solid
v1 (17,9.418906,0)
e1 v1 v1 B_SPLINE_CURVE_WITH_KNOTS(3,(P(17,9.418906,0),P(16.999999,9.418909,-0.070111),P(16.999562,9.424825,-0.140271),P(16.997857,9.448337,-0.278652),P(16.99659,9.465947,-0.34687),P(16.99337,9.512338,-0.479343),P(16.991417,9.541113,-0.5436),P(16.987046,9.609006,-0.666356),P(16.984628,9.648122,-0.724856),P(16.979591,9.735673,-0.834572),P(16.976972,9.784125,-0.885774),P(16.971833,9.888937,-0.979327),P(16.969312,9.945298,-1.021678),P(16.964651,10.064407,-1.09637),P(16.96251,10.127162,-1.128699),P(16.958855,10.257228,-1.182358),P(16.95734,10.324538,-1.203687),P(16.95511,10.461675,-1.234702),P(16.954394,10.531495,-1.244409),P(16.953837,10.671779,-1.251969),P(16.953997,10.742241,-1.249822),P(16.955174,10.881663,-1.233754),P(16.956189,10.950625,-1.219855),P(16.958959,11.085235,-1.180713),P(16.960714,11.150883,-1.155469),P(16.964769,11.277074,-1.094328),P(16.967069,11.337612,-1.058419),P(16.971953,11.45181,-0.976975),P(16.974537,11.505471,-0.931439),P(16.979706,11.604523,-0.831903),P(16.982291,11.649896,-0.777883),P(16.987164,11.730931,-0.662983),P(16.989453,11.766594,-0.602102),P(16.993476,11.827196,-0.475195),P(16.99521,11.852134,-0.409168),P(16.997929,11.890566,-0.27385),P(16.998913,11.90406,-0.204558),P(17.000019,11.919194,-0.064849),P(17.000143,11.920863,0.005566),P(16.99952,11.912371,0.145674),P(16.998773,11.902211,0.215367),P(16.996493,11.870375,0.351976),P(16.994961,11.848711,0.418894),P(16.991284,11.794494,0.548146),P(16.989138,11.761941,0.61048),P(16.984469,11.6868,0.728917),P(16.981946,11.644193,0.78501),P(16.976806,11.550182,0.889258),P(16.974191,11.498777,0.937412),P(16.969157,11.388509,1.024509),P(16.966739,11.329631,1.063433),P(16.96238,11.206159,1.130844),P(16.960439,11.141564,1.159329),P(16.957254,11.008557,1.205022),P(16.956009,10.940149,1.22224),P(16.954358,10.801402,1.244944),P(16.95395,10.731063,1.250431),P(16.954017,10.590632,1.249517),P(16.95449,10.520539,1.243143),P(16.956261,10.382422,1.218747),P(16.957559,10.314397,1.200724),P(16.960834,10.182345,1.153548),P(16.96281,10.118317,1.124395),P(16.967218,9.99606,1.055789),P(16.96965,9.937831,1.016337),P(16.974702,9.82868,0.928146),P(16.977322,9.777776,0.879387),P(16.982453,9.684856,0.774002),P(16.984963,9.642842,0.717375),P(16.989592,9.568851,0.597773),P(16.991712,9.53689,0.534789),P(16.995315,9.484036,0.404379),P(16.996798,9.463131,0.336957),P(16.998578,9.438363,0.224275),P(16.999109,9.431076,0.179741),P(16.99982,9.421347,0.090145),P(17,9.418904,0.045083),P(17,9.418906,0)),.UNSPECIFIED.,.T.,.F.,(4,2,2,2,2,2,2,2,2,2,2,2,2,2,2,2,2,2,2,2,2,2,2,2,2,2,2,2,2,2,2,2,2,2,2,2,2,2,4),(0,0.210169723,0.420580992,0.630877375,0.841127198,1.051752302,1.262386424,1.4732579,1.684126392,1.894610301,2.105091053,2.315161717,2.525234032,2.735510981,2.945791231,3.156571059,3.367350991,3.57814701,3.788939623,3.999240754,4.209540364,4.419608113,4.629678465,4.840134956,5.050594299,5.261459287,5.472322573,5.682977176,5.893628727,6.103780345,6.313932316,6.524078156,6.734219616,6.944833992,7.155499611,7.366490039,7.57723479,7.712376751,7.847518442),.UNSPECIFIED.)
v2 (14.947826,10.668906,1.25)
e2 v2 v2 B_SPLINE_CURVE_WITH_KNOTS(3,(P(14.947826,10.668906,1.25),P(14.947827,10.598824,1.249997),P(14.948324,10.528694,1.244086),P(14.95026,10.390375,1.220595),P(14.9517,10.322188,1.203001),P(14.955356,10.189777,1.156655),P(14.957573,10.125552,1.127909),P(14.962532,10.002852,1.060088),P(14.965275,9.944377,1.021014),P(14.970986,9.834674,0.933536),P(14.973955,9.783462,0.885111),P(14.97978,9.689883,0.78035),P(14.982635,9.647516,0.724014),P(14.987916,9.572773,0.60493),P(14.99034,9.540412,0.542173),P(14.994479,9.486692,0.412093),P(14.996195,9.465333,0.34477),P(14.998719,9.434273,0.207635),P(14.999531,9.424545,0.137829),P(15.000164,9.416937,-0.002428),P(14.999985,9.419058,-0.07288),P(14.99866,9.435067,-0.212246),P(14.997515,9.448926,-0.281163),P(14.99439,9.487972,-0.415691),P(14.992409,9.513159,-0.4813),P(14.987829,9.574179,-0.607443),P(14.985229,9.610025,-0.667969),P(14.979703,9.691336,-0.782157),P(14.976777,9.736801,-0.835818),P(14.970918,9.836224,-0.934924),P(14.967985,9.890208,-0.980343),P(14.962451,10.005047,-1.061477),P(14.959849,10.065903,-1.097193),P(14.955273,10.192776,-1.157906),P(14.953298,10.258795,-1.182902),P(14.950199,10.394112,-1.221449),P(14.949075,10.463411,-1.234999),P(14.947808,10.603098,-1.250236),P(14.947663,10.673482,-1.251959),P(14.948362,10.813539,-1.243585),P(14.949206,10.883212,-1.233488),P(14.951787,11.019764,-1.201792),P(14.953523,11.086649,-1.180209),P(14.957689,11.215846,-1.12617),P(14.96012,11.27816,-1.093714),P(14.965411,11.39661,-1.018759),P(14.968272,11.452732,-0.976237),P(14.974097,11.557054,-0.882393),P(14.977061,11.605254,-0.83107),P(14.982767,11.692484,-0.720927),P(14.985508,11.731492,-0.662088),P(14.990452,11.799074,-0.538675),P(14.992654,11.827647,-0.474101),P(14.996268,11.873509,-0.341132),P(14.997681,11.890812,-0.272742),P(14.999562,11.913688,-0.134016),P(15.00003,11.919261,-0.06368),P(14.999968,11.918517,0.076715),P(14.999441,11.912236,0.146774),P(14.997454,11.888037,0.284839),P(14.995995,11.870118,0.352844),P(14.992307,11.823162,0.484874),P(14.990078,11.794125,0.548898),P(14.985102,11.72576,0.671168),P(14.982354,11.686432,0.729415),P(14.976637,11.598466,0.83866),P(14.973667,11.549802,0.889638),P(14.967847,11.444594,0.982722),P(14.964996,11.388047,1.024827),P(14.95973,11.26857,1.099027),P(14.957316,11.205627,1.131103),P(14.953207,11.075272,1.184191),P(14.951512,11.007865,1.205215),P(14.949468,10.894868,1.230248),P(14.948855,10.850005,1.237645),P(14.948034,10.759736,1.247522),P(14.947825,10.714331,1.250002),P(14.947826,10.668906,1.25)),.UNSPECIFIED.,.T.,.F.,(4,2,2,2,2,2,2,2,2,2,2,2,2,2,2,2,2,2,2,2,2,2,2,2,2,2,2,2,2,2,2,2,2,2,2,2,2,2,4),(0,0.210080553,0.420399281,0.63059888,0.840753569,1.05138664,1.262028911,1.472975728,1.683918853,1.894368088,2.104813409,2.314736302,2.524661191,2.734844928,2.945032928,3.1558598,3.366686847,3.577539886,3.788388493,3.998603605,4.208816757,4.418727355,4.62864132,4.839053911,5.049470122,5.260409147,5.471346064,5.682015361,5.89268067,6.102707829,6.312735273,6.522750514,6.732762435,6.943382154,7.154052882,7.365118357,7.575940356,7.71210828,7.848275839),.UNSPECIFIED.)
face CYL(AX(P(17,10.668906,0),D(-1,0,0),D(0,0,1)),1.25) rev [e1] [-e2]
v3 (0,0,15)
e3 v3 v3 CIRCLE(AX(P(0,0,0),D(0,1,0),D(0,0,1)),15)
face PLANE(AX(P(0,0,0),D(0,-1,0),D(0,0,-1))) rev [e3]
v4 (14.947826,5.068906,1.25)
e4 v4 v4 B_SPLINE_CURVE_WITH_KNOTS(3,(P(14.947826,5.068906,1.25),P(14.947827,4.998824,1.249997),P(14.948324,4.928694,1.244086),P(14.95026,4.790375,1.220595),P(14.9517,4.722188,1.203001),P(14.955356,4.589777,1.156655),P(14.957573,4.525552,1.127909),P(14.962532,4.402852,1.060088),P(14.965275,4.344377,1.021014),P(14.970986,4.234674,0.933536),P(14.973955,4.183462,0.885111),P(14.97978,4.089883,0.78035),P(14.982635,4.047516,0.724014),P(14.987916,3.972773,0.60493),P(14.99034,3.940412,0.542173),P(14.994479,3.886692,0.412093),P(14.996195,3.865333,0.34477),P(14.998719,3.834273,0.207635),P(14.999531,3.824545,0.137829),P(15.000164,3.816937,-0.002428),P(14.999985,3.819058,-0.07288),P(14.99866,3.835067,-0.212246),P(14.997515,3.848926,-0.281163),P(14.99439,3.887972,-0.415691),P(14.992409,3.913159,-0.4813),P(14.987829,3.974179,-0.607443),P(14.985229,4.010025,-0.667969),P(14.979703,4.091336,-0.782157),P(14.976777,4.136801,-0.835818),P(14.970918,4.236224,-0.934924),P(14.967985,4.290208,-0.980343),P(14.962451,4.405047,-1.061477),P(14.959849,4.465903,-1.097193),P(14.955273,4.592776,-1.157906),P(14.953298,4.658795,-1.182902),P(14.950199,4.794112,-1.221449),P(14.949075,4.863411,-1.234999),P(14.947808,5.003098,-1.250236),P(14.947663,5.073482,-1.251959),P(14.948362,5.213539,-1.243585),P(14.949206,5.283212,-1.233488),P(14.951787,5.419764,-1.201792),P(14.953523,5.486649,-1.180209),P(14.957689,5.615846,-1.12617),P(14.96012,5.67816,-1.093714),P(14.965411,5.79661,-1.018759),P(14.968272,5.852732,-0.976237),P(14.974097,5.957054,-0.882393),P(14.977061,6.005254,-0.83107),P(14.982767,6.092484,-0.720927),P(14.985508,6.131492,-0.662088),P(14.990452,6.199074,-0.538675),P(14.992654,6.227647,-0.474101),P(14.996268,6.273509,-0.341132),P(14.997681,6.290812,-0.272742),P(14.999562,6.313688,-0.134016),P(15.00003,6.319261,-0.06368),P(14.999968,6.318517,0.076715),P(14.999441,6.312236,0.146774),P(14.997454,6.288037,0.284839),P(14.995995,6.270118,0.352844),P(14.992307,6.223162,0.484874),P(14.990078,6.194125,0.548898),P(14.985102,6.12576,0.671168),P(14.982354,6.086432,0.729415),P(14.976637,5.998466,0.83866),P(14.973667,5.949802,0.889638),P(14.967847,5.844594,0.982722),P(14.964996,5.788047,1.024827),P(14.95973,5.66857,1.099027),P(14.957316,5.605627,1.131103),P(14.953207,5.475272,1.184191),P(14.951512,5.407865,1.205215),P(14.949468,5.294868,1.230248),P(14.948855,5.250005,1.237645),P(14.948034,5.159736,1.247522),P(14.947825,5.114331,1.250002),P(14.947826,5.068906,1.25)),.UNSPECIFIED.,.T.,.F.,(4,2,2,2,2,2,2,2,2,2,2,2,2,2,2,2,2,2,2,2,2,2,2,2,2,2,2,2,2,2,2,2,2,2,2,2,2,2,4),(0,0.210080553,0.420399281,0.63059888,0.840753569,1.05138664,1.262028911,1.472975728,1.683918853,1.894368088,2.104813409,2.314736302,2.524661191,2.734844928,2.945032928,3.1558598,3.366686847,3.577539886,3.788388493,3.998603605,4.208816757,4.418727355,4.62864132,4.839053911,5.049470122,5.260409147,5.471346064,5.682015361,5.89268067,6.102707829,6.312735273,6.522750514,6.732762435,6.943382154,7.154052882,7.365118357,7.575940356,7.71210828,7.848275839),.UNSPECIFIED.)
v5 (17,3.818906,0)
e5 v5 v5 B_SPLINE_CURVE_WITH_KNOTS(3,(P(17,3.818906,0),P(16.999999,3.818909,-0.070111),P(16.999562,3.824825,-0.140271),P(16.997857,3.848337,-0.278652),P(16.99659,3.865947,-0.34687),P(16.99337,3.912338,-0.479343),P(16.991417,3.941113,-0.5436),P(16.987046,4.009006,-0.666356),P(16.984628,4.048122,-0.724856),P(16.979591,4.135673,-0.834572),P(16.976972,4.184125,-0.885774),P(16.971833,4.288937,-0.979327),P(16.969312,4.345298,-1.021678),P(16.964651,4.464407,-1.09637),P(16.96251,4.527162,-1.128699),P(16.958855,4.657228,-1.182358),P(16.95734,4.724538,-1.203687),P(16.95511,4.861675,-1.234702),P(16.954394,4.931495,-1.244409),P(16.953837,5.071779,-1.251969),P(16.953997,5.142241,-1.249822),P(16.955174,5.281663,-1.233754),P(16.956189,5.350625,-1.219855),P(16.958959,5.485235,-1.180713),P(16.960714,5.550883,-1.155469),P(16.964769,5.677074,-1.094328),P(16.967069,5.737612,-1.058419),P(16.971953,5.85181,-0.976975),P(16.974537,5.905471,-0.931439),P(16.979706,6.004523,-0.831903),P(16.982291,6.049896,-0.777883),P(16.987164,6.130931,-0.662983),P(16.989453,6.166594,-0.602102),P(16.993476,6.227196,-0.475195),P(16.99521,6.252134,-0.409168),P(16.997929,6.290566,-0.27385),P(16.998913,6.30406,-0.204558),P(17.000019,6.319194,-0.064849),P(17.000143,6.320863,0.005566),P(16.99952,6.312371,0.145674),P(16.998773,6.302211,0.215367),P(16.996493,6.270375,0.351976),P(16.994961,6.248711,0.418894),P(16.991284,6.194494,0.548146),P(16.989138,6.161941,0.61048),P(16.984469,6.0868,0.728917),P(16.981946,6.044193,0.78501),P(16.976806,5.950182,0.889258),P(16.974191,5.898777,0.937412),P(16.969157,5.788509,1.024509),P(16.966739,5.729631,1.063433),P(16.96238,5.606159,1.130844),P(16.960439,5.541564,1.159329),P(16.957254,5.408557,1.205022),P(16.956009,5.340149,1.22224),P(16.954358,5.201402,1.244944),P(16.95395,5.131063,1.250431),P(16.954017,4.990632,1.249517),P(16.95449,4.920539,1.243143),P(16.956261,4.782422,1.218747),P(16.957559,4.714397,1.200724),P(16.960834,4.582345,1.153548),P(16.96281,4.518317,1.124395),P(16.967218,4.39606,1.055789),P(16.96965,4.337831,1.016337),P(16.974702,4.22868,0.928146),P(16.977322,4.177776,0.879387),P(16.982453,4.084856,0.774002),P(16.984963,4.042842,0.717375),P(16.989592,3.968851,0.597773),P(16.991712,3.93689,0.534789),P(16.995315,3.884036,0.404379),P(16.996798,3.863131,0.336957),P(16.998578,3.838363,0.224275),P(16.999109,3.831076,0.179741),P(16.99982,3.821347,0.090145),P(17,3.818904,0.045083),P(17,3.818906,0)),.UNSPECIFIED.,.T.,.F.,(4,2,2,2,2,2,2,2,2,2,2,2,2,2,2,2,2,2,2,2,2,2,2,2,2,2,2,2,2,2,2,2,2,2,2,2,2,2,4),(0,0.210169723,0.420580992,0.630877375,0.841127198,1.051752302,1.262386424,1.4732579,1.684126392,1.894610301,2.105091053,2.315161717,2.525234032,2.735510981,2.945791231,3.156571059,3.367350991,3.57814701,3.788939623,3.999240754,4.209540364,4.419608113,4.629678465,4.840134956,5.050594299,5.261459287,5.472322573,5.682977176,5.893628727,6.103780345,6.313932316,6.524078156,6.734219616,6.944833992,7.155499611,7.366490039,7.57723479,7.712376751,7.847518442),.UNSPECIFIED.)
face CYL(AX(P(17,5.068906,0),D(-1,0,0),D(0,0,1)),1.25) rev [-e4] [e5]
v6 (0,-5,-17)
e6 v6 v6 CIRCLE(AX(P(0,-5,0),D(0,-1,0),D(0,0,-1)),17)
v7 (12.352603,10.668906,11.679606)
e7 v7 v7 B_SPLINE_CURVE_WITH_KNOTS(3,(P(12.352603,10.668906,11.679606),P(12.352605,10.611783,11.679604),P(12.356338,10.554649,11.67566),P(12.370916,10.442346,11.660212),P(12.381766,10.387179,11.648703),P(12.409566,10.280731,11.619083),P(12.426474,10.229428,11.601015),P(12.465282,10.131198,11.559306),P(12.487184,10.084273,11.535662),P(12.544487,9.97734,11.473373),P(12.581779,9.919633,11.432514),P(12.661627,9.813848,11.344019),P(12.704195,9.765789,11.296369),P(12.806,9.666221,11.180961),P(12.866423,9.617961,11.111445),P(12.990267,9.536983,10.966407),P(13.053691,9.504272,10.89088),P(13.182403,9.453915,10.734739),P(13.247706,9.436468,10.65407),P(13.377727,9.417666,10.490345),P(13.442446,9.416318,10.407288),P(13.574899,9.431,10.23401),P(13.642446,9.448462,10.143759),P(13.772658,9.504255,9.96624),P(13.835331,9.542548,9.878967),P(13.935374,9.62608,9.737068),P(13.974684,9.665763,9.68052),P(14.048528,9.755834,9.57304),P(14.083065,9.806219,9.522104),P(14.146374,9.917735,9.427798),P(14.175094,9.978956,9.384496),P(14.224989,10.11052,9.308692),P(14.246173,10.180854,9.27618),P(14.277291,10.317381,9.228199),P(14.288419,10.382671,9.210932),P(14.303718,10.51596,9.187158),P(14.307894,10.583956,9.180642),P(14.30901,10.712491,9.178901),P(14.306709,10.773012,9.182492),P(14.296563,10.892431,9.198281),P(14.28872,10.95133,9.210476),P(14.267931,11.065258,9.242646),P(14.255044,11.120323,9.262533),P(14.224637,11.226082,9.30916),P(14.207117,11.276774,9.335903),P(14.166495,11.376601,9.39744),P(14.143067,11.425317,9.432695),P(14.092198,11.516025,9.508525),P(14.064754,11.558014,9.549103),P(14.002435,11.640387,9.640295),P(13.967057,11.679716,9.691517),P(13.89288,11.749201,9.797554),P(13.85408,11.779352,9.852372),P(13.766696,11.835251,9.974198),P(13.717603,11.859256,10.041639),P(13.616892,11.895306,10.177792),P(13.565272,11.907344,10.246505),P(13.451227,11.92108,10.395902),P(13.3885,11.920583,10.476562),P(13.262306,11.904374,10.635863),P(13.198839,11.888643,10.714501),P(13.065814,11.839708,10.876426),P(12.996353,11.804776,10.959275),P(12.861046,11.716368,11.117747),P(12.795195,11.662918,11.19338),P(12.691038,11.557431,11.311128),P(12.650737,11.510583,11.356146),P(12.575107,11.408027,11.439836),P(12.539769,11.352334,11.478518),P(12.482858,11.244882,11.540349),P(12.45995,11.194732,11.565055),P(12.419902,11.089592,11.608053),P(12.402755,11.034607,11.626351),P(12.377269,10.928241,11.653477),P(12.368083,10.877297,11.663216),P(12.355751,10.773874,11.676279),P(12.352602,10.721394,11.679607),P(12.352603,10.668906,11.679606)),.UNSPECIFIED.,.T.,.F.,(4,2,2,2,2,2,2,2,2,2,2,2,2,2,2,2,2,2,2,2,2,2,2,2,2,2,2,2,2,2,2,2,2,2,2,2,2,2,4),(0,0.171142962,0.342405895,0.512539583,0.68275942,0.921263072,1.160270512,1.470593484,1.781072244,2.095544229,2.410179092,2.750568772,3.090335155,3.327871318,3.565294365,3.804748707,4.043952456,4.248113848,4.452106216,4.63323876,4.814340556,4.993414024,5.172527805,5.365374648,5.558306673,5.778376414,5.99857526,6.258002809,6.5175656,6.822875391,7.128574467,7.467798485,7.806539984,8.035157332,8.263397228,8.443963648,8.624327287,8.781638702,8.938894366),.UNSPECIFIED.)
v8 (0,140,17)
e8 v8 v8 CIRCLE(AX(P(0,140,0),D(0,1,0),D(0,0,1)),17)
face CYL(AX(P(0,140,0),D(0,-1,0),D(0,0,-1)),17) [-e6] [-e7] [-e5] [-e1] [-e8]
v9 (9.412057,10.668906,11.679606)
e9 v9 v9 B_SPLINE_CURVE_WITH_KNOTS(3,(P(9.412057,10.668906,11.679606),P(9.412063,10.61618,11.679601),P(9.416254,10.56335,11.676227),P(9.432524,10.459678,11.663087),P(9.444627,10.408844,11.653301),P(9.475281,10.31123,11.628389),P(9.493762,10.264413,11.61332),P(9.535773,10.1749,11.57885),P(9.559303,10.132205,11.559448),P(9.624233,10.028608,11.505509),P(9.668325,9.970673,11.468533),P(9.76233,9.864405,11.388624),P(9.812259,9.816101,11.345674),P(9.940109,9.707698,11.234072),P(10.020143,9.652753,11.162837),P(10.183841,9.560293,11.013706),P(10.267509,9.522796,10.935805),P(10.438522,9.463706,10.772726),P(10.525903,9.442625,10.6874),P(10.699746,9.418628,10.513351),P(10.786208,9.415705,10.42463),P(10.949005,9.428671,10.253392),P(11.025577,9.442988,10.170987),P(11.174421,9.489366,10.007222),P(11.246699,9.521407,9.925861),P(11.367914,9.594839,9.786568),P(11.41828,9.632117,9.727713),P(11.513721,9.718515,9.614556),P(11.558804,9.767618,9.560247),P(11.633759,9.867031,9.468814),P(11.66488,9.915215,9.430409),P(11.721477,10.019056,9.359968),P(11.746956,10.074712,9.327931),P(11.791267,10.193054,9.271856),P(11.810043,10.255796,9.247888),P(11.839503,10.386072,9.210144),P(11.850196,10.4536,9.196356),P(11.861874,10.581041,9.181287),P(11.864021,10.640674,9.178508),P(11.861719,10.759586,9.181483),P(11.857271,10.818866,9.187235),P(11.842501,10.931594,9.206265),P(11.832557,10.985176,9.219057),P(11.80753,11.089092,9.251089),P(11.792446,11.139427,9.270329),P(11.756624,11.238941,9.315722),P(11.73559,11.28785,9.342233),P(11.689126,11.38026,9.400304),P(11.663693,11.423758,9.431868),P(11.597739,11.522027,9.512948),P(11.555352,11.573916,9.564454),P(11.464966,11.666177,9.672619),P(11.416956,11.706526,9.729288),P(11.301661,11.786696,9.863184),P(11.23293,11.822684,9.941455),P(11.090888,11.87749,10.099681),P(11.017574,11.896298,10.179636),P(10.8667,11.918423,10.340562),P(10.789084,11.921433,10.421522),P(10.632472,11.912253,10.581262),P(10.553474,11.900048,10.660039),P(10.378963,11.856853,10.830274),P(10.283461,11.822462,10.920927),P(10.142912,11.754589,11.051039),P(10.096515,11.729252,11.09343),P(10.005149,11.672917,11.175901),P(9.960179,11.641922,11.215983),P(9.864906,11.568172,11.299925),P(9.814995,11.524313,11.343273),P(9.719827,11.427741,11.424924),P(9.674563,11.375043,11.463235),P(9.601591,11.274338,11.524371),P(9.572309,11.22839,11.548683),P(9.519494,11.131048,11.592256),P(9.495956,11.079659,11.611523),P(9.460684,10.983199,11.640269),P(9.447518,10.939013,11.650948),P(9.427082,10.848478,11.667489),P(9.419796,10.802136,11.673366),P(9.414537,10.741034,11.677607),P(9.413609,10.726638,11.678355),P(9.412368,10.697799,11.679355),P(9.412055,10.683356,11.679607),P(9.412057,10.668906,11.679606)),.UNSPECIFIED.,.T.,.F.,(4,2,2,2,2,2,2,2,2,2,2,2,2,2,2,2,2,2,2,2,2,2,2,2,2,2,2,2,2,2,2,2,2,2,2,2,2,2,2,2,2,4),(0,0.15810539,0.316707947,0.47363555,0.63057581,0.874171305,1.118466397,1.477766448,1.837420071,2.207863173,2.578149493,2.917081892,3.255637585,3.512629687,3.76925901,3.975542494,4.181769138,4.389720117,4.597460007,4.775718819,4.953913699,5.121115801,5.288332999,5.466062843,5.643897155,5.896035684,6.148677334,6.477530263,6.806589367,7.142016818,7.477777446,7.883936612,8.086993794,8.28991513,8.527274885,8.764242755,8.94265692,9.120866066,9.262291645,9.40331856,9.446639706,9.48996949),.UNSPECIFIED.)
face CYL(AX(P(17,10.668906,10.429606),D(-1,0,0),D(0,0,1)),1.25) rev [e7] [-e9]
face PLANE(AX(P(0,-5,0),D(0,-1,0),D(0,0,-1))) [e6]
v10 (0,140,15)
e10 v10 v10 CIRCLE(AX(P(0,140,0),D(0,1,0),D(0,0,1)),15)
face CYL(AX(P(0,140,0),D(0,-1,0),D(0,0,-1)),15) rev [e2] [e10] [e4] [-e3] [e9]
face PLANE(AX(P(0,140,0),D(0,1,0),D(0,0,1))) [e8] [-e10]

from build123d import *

# Parameters (mm, degrees)
SKETCH1_R           = 17
SKETCH1_R_2         = 15
BOSS_EXTRUDE1_DEPTH = 140
SKETCH2_R           = 17
BOSS_EXTRUDE2_DEPTH = 5
SKETCH3_R           = 1.25
CUT_EXTRUDE1_DEPTH  = 18


with BuildPart() as part:
    # Sketch1 → Boss-Extrude1 (new body)
    with BuildSketch(Plane(origin=(0, 0, 0), x_dir=(1, 0, 0), z_dir=(0, 1, 0))):
        Circle(SKETCH1_R)
        Circle(SKETCH1_R_2, mode=Mode.SUBTRACT)
    extrude(amount=BOSS_EXTRUDE1_DEPTH)

    # Sketch2 → Boss-Extrude2 (add)
    with BuildSketch(Plane.XZ):
        Circle(SKETCH2_R)
    extrude(amount=BOSS_EXTRUDE2_DEPTH)

    # Sketch3 → Cut-Extrude1 (cut, through all)
    with BuildSketch(Plane(origin=(0, 0, 0), x_dir=(0, 0, -1), z_dir=(1, 0, 0))):
        with Locations((0, 5.068906343)):
            Circle(SKETCH3_R)
        with Locations((0, 10.668906343)):
            Circle(SKETCH3_R)
        with Locations((-10.429605655, 10.668906343)):
            Circle(SKETCH3_R)
    extrude(amount=CUT_EXTRUDE1_DEPTH, mode=Mode.SUBTRACT)


solid = part.part
